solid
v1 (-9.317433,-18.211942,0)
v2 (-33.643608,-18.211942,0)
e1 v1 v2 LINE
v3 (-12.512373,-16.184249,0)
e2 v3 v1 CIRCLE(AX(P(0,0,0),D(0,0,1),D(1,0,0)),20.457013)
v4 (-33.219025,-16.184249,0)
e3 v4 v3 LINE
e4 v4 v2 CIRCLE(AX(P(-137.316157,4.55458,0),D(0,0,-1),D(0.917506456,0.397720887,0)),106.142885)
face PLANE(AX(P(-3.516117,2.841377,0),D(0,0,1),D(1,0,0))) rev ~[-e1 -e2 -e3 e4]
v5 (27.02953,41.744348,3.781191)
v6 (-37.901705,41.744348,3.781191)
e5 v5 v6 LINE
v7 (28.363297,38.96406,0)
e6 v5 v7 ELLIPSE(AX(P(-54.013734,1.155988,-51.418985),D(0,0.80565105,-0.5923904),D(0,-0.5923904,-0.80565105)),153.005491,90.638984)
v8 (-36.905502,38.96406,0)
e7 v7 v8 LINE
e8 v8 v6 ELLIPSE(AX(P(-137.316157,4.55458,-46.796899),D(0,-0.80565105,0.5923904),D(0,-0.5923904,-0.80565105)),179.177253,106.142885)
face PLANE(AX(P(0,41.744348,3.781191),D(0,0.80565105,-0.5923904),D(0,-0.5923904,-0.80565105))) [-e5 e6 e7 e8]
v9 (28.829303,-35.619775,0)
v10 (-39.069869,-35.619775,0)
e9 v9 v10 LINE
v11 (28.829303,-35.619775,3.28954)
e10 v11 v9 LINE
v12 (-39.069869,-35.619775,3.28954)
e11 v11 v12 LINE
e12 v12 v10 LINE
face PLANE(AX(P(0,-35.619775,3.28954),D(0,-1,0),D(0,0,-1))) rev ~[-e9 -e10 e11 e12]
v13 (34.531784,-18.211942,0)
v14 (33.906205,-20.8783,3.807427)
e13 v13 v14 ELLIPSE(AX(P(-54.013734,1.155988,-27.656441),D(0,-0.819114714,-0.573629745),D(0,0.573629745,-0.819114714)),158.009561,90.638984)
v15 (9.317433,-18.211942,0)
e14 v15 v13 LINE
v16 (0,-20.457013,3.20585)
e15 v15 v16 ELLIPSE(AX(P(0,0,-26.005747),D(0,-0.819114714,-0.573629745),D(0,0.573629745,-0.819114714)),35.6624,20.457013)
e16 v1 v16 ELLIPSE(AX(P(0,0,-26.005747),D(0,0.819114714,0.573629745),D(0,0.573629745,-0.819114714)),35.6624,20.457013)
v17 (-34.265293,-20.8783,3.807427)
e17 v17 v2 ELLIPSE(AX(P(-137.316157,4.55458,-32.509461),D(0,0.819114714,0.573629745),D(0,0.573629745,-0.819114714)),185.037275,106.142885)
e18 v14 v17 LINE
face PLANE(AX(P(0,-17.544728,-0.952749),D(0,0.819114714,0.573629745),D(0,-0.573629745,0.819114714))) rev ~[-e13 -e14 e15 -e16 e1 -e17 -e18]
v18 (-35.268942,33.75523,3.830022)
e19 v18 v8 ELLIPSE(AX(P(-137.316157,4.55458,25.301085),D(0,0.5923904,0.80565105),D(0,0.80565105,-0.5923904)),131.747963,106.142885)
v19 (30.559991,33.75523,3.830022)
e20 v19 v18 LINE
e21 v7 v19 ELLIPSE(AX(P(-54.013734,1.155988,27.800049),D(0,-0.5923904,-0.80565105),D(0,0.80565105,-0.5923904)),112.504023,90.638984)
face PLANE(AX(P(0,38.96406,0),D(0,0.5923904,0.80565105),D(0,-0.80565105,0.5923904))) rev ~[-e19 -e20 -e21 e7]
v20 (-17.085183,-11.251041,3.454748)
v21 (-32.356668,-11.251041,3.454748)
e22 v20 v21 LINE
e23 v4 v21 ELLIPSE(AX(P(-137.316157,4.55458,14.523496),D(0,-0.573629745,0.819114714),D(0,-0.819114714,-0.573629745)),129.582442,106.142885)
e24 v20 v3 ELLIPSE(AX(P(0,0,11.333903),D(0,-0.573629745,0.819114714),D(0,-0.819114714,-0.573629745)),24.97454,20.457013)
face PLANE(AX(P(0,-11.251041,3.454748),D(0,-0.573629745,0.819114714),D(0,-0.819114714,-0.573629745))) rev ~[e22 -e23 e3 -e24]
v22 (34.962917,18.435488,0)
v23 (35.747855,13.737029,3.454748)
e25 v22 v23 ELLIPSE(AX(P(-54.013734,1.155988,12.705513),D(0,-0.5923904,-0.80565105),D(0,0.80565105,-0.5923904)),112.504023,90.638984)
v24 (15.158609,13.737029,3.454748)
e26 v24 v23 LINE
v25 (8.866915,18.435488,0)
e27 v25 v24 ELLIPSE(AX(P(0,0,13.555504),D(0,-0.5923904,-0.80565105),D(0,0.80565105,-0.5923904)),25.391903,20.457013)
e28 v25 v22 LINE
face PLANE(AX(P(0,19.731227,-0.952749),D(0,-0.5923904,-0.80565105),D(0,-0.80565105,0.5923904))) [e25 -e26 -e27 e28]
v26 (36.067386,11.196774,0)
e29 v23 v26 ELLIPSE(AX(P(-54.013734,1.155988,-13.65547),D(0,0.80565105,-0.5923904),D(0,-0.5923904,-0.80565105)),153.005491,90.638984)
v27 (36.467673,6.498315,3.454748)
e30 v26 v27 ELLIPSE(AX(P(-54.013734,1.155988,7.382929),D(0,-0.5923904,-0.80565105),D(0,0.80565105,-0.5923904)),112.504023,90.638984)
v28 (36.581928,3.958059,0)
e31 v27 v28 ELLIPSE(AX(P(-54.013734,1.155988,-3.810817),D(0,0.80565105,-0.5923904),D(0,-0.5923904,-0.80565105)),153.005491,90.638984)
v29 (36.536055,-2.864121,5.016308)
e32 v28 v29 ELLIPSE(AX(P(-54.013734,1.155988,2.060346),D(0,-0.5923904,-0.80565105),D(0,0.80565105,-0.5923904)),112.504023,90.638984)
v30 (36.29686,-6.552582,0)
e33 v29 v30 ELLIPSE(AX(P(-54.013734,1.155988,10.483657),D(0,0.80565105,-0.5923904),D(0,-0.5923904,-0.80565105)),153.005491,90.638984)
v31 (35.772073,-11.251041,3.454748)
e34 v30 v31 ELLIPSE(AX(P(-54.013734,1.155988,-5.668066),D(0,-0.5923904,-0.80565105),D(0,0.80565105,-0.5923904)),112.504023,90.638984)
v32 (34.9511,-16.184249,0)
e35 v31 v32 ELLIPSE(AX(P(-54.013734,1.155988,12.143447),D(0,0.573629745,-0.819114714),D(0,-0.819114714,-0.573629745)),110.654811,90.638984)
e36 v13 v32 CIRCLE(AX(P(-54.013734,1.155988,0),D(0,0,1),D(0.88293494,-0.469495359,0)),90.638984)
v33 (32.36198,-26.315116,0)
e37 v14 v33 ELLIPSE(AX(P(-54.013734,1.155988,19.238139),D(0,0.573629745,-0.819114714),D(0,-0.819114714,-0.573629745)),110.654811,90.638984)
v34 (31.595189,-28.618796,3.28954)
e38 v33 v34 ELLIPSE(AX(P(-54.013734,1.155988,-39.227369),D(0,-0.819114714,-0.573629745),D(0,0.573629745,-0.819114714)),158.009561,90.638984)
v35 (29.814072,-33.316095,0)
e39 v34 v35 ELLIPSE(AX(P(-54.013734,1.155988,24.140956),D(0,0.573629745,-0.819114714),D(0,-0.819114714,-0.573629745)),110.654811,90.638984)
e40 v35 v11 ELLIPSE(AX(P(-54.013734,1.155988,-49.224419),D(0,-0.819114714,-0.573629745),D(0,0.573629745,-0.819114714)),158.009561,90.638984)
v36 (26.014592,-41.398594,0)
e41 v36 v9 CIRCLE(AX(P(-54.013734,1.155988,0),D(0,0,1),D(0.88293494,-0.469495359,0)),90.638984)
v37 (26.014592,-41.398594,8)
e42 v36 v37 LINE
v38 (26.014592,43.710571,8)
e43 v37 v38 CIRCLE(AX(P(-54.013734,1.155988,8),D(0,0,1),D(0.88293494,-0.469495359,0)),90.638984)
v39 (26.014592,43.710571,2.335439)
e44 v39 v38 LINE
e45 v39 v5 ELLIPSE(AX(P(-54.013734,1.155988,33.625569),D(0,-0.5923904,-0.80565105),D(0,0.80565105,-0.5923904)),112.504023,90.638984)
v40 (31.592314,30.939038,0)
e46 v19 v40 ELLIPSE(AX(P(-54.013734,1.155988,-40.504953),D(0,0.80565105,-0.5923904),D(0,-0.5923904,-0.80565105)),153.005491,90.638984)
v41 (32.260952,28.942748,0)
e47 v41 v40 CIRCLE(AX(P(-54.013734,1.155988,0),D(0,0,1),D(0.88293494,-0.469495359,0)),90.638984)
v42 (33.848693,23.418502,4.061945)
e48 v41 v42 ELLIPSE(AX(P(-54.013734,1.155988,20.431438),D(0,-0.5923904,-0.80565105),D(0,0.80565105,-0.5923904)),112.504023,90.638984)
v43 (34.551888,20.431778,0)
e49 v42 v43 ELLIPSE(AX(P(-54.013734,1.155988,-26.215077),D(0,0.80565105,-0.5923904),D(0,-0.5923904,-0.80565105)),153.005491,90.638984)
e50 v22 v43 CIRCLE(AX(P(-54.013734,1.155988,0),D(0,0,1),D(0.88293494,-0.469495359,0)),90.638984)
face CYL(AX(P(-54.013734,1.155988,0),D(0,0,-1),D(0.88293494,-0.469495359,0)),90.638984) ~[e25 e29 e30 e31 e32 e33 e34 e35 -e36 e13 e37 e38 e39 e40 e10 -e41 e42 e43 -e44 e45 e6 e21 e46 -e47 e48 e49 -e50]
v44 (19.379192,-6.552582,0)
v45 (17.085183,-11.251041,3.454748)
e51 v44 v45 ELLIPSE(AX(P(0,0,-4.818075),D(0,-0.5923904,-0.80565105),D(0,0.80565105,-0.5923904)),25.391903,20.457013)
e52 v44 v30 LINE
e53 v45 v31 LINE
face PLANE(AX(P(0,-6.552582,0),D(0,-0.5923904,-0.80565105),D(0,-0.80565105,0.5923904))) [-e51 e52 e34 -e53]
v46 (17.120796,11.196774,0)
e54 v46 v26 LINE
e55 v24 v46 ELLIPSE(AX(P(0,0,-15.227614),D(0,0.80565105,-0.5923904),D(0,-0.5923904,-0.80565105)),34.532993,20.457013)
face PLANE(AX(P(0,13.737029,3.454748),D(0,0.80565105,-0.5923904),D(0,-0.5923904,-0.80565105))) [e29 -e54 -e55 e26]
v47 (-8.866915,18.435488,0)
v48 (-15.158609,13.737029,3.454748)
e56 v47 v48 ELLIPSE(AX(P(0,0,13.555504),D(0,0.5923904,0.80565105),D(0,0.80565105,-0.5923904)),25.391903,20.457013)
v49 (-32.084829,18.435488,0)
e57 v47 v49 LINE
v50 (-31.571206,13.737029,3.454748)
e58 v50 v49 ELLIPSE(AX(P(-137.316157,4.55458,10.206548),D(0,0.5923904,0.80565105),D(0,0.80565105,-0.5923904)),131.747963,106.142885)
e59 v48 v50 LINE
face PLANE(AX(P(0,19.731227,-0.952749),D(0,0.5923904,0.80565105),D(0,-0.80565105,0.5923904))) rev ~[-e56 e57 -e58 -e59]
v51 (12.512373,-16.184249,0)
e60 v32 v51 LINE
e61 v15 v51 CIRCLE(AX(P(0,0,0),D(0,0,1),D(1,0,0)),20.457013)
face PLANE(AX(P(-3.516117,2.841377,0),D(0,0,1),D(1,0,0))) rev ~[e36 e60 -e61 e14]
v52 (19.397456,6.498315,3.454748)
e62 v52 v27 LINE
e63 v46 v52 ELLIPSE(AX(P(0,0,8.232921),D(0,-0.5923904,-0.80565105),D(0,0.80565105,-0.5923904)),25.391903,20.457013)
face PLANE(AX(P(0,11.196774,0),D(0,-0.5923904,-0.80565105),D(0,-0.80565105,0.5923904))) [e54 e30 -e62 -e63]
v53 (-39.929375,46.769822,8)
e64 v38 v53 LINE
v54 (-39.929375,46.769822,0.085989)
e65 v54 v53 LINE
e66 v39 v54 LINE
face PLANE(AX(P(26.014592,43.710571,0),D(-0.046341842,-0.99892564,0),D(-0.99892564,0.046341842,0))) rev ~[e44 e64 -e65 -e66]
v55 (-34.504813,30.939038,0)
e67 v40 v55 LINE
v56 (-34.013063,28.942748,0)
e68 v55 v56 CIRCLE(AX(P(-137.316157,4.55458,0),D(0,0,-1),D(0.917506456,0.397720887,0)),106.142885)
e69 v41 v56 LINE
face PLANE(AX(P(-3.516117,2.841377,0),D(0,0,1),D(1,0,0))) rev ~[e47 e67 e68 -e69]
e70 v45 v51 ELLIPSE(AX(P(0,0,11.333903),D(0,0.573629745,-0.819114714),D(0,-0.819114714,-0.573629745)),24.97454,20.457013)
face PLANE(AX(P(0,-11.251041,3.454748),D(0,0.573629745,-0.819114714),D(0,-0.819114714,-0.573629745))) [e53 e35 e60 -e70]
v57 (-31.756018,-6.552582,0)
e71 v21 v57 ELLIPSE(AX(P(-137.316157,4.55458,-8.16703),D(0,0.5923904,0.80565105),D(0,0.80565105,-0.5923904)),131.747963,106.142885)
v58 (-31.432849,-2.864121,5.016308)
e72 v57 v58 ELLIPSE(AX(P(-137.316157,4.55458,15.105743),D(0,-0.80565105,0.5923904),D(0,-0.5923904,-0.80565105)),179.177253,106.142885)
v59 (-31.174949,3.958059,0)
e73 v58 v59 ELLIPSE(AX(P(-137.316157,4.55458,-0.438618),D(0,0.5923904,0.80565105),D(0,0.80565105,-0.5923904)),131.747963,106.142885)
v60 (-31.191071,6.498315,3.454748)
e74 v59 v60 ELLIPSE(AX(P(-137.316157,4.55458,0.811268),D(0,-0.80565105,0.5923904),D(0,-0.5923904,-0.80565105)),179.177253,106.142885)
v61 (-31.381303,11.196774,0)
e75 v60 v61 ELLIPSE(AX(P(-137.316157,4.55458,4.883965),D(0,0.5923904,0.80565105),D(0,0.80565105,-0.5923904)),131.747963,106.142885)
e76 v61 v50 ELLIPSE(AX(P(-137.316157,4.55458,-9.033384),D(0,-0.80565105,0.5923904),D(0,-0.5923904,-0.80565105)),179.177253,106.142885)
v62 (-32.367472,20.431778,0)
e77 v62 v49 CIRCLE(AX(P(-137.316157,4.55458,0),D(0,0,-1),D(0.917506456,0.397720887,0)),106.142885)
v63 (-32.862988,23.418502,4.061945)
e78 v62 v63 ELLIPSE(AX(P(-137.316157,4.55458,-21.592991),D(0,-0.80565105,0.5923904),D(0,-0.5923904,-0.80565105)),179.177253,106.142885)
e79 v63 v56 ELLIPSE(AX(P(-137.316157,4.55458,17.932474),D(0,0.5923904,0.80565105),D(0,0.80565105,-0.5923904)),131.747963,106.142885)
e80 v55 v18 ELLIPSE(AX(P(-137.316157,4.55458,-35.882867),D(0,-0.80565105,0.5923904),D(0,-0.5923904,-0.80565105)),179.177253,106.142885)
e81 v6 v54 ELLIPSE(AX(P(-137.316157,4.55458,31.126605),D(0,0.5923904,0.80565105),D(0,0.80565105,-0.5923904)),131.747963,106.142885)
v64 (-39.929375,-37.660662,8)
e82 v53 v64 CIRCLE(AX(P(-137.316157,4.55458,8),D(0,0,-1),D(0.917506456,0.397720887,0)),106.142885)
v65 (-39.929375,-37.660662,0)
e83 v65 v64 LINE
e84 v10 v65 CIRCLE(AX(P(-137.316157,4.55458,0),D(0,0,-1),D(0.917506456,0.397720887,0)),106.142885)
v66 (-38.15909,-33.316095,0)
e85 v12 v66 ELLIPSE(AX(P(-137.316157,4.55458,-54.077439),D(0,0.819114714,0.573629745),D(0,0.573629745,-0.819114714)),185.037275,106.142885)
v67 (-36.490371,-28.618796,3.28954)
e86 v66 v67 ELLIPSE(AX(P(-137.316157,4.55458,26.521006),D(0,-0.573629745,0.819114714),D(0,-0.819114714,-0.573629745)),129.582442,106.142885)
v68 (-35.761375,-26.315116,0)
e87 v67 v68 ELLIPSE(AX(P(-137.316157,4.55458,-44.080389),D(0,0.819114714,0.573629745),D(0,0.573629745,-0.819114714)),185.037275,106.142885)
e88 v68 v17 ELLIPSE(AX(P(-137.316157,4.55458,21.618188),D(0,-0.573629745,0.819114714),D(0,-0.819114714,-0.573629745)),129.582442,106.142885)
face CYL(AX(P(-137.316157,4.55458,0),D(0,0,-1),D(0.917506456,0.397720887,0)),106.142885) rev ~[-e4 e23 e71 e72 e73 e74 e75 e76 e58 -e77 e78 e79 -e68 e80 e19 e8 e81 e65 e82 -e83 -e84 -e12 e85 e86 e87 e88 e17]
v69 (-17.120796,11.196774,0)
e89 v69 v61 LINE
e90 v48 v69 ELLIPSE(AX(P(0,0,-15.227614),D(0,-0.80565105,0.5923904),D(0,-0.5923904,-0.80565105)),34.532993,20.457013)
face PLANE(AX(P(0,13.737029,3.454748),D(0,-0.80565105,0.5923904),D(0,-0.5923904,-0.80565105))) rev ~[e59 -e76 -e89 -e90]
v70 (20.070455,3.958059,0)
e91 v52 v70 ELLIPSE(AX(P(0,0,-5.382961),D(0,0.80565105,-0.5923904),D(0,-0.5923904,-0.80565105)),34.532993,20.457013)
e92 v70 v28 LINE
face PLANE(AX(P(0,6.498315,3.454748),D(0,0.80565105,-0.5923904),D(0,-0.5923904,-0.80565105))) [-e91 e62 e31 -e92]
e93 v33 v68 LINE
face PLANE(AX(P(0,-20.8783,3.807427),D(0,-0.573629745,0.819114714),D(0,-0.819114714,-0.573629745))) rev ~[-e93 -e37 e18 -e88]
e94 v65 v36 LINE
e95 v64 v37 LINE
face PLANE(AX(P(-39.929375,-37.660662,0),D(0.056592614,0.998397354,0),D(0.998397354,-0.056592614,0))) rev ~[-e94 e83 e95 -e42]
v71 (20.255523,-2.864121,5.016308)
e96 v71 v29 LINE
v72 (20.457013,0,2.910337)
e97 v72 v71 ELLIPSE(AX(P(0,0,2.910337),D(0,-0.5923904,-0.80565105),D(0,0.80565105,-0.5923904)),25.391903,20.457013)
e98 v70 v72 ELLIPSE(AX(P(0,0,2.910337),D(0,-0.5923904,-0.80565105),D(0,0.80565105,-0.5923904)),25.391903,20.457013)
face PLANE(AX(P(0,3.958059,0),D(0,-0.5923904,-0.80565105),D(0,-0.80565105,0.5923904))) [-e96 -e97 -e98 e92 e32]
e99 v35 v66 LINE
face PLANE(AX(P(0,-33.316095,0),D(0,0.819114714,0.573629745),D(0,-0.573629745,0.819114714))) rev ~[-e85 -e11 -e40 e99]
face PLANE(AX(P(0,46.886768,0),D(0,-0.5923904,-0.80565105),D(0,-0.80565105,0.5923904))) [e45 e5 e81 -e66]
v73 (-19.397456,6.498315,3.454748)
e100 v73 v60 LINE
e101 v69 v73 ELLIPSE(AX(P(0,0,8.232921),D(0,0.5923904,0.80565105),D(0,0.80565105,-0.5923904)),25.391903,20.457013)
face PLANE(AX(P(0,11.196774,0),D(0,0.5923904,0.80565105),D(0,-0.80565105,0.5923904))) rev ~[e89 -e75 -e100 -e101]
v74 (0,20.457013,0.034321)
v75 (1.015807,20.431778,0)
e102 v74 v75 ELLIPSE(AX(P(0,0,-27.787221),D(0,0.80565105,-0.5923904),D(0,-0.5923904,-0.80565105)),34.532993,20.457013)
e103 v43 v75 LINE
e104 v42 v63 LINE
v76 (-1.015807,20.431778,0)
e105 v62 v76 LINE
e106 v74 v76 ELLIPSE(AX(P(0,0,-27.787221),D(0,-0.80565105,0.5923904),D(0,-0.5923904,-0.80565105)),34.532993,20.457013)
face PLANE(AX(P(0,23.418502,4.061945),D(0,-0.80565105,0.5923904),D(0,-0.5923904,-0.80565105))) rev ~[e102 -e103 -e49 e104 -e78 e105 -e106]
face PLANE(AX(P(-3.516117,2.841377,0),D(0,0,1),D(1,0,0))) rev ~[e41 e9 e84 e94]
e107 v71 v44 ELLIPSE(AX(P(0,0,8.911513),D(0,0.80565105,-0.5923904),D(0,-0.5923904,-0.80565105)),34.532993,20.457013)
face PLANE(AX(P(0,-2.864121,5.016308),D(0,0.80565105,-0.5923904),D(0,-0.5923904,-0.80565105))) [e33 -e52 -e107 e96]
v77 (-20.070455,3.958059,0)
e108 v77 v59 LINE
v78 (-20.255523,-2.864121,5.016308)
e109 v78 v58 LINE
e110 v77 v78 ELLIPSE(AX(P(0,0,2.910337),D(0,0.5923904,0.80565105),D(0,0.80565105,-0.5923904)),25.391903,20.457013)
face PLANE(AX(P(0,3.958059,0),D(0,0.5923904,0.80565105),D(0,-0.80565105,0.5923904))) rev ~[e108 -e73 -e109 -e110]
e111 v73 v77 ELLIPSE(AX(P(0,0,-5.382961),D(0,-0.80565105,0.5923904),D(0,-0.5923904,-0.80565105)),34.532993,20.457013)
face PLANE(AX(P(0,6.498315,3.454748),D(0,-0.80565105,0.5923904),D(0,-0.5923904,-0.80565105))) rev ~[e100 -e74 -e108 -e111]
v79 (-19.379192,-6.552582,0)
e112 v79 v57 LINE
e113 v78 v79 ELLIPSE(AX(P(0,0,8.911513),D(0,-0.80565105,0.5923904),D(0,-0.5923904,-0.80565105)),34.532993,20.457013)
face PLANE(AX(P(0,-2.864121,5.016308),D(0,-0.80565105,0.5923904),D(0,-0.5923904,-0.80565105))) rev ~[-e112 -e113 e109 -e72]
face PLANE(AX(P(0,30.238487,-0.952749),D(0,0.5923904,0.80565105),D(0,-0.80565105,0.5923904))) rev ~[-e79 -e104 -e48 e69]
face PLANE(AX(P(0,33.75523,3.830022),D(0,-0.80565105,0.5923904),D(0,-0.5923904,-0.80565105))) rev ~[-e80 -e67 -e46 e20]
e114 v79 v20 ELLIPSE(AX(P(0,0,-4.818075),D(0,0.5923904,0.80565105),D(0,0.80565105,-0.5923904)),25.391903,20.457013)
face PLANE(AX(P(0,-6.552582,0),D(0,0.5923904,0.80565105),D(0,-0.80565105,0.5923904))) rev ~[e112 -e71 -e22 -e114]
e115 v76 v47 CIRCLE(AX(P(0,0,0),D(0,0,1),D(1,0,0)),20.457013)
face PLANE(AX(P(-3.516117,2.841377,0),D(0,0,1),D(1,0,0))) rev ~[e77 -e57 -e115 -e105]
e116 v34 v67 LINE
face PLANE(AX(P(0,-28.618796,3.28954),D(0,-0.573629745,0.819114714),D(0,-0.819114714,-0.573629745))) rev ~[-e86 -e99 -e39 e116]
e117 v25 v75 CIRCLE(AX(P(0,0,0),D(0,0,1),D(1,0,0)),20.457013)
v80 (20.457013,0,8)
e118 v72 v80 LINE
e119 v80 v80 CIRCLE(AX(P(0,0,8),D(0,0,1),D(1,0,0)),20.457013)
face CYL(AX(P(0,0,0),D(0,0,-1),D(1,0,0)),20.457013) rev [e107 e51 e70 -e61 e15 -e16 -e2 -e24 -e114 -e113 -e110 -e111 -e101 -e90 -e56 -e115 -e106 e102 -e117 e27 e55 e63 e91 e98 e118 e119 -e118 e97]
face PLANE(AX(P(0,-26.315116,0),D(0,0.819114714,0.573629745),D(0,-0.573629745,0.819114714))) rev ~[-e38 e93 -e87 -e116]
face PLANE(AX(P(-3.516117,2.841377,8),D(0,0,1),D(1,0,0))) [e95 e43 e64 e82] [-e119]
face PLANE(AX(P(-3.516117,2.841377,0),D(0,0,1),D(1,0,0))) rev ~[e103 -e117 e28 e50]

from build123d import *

# Parameters (mm, degrees)
F0_R          = 20.4570134616
F1_DEPTH      = 8
F3_DEPTH      = 39.9303750525
F3_DEPTH_BACK = 36.6262506595


with BuildPart() as f1:
    # F0 (on Top) → F1 (new body)
    with BuildSketch(Plane.XY):
        with BuildLine():
            Line((26.0145924985, 43.7105707824), (-39.9293750525, 46.7698224776))
            ThreePointArc((-39.9293750525, 46.7698224776), (-31.1732722705, 4.5545801964), (-39.9293750525, -37.6606620848))
            Line((-39.9293750525, -37.6606620848), (26.0145924985, -41.3985941777))
            ThreePointArc((26.0145924985, -41.3985941777), (36.6252506595, 1.1559883023), (26.0145924985, 43.7105707824))
        make_face()
        Circle(F0_R, mode=Mode.SUBTRACT)
    extrude(amount=F1_DEPTH)

    # F2 (on Right) → F3 (cut, two sides)
    with BuildSketch(Plane.YZ) as f3_sk:
        Polygon((46.8867681921, -9.8310960457), (46.8867681921, 0), (41.7443476617, 3.7811910734), (38.9640604703, 0), (33.7552301478, 3.8300217966), (30.2384872583, -0.9527491568), (23.4185017684, 4.0619454024), (19.7312268381, -0.9527491568), (13.7370294066, 3.4547483798), (11.1967735762, 0), (6.498315167, 3.4547483798), (3.9580593366, 0), (-2.8641208355, 5.0163082959), (-6.5525823368, 0), (-11.251040746, 3.4547483798), (-17.5447277725, -0.9527491568), (-20.8783004803, 3.8074266864), (-26.315116211, 0), (-28.6187960147, 3.2895400561), (-33.3160954238, 0), (-35.6197752275, 3.2895400561), (-35.6197752275, 0), (-36.6019308567, -9.8310960457), align=None)
    extrude(amount=-F3_DEPTH, mode=Mode.SUBTRACT)
    extrude(f3_sk.sketch, amount=F3_DEPTH_BACK, mode=Mode.SUBTRACT)


solid = f1.part
